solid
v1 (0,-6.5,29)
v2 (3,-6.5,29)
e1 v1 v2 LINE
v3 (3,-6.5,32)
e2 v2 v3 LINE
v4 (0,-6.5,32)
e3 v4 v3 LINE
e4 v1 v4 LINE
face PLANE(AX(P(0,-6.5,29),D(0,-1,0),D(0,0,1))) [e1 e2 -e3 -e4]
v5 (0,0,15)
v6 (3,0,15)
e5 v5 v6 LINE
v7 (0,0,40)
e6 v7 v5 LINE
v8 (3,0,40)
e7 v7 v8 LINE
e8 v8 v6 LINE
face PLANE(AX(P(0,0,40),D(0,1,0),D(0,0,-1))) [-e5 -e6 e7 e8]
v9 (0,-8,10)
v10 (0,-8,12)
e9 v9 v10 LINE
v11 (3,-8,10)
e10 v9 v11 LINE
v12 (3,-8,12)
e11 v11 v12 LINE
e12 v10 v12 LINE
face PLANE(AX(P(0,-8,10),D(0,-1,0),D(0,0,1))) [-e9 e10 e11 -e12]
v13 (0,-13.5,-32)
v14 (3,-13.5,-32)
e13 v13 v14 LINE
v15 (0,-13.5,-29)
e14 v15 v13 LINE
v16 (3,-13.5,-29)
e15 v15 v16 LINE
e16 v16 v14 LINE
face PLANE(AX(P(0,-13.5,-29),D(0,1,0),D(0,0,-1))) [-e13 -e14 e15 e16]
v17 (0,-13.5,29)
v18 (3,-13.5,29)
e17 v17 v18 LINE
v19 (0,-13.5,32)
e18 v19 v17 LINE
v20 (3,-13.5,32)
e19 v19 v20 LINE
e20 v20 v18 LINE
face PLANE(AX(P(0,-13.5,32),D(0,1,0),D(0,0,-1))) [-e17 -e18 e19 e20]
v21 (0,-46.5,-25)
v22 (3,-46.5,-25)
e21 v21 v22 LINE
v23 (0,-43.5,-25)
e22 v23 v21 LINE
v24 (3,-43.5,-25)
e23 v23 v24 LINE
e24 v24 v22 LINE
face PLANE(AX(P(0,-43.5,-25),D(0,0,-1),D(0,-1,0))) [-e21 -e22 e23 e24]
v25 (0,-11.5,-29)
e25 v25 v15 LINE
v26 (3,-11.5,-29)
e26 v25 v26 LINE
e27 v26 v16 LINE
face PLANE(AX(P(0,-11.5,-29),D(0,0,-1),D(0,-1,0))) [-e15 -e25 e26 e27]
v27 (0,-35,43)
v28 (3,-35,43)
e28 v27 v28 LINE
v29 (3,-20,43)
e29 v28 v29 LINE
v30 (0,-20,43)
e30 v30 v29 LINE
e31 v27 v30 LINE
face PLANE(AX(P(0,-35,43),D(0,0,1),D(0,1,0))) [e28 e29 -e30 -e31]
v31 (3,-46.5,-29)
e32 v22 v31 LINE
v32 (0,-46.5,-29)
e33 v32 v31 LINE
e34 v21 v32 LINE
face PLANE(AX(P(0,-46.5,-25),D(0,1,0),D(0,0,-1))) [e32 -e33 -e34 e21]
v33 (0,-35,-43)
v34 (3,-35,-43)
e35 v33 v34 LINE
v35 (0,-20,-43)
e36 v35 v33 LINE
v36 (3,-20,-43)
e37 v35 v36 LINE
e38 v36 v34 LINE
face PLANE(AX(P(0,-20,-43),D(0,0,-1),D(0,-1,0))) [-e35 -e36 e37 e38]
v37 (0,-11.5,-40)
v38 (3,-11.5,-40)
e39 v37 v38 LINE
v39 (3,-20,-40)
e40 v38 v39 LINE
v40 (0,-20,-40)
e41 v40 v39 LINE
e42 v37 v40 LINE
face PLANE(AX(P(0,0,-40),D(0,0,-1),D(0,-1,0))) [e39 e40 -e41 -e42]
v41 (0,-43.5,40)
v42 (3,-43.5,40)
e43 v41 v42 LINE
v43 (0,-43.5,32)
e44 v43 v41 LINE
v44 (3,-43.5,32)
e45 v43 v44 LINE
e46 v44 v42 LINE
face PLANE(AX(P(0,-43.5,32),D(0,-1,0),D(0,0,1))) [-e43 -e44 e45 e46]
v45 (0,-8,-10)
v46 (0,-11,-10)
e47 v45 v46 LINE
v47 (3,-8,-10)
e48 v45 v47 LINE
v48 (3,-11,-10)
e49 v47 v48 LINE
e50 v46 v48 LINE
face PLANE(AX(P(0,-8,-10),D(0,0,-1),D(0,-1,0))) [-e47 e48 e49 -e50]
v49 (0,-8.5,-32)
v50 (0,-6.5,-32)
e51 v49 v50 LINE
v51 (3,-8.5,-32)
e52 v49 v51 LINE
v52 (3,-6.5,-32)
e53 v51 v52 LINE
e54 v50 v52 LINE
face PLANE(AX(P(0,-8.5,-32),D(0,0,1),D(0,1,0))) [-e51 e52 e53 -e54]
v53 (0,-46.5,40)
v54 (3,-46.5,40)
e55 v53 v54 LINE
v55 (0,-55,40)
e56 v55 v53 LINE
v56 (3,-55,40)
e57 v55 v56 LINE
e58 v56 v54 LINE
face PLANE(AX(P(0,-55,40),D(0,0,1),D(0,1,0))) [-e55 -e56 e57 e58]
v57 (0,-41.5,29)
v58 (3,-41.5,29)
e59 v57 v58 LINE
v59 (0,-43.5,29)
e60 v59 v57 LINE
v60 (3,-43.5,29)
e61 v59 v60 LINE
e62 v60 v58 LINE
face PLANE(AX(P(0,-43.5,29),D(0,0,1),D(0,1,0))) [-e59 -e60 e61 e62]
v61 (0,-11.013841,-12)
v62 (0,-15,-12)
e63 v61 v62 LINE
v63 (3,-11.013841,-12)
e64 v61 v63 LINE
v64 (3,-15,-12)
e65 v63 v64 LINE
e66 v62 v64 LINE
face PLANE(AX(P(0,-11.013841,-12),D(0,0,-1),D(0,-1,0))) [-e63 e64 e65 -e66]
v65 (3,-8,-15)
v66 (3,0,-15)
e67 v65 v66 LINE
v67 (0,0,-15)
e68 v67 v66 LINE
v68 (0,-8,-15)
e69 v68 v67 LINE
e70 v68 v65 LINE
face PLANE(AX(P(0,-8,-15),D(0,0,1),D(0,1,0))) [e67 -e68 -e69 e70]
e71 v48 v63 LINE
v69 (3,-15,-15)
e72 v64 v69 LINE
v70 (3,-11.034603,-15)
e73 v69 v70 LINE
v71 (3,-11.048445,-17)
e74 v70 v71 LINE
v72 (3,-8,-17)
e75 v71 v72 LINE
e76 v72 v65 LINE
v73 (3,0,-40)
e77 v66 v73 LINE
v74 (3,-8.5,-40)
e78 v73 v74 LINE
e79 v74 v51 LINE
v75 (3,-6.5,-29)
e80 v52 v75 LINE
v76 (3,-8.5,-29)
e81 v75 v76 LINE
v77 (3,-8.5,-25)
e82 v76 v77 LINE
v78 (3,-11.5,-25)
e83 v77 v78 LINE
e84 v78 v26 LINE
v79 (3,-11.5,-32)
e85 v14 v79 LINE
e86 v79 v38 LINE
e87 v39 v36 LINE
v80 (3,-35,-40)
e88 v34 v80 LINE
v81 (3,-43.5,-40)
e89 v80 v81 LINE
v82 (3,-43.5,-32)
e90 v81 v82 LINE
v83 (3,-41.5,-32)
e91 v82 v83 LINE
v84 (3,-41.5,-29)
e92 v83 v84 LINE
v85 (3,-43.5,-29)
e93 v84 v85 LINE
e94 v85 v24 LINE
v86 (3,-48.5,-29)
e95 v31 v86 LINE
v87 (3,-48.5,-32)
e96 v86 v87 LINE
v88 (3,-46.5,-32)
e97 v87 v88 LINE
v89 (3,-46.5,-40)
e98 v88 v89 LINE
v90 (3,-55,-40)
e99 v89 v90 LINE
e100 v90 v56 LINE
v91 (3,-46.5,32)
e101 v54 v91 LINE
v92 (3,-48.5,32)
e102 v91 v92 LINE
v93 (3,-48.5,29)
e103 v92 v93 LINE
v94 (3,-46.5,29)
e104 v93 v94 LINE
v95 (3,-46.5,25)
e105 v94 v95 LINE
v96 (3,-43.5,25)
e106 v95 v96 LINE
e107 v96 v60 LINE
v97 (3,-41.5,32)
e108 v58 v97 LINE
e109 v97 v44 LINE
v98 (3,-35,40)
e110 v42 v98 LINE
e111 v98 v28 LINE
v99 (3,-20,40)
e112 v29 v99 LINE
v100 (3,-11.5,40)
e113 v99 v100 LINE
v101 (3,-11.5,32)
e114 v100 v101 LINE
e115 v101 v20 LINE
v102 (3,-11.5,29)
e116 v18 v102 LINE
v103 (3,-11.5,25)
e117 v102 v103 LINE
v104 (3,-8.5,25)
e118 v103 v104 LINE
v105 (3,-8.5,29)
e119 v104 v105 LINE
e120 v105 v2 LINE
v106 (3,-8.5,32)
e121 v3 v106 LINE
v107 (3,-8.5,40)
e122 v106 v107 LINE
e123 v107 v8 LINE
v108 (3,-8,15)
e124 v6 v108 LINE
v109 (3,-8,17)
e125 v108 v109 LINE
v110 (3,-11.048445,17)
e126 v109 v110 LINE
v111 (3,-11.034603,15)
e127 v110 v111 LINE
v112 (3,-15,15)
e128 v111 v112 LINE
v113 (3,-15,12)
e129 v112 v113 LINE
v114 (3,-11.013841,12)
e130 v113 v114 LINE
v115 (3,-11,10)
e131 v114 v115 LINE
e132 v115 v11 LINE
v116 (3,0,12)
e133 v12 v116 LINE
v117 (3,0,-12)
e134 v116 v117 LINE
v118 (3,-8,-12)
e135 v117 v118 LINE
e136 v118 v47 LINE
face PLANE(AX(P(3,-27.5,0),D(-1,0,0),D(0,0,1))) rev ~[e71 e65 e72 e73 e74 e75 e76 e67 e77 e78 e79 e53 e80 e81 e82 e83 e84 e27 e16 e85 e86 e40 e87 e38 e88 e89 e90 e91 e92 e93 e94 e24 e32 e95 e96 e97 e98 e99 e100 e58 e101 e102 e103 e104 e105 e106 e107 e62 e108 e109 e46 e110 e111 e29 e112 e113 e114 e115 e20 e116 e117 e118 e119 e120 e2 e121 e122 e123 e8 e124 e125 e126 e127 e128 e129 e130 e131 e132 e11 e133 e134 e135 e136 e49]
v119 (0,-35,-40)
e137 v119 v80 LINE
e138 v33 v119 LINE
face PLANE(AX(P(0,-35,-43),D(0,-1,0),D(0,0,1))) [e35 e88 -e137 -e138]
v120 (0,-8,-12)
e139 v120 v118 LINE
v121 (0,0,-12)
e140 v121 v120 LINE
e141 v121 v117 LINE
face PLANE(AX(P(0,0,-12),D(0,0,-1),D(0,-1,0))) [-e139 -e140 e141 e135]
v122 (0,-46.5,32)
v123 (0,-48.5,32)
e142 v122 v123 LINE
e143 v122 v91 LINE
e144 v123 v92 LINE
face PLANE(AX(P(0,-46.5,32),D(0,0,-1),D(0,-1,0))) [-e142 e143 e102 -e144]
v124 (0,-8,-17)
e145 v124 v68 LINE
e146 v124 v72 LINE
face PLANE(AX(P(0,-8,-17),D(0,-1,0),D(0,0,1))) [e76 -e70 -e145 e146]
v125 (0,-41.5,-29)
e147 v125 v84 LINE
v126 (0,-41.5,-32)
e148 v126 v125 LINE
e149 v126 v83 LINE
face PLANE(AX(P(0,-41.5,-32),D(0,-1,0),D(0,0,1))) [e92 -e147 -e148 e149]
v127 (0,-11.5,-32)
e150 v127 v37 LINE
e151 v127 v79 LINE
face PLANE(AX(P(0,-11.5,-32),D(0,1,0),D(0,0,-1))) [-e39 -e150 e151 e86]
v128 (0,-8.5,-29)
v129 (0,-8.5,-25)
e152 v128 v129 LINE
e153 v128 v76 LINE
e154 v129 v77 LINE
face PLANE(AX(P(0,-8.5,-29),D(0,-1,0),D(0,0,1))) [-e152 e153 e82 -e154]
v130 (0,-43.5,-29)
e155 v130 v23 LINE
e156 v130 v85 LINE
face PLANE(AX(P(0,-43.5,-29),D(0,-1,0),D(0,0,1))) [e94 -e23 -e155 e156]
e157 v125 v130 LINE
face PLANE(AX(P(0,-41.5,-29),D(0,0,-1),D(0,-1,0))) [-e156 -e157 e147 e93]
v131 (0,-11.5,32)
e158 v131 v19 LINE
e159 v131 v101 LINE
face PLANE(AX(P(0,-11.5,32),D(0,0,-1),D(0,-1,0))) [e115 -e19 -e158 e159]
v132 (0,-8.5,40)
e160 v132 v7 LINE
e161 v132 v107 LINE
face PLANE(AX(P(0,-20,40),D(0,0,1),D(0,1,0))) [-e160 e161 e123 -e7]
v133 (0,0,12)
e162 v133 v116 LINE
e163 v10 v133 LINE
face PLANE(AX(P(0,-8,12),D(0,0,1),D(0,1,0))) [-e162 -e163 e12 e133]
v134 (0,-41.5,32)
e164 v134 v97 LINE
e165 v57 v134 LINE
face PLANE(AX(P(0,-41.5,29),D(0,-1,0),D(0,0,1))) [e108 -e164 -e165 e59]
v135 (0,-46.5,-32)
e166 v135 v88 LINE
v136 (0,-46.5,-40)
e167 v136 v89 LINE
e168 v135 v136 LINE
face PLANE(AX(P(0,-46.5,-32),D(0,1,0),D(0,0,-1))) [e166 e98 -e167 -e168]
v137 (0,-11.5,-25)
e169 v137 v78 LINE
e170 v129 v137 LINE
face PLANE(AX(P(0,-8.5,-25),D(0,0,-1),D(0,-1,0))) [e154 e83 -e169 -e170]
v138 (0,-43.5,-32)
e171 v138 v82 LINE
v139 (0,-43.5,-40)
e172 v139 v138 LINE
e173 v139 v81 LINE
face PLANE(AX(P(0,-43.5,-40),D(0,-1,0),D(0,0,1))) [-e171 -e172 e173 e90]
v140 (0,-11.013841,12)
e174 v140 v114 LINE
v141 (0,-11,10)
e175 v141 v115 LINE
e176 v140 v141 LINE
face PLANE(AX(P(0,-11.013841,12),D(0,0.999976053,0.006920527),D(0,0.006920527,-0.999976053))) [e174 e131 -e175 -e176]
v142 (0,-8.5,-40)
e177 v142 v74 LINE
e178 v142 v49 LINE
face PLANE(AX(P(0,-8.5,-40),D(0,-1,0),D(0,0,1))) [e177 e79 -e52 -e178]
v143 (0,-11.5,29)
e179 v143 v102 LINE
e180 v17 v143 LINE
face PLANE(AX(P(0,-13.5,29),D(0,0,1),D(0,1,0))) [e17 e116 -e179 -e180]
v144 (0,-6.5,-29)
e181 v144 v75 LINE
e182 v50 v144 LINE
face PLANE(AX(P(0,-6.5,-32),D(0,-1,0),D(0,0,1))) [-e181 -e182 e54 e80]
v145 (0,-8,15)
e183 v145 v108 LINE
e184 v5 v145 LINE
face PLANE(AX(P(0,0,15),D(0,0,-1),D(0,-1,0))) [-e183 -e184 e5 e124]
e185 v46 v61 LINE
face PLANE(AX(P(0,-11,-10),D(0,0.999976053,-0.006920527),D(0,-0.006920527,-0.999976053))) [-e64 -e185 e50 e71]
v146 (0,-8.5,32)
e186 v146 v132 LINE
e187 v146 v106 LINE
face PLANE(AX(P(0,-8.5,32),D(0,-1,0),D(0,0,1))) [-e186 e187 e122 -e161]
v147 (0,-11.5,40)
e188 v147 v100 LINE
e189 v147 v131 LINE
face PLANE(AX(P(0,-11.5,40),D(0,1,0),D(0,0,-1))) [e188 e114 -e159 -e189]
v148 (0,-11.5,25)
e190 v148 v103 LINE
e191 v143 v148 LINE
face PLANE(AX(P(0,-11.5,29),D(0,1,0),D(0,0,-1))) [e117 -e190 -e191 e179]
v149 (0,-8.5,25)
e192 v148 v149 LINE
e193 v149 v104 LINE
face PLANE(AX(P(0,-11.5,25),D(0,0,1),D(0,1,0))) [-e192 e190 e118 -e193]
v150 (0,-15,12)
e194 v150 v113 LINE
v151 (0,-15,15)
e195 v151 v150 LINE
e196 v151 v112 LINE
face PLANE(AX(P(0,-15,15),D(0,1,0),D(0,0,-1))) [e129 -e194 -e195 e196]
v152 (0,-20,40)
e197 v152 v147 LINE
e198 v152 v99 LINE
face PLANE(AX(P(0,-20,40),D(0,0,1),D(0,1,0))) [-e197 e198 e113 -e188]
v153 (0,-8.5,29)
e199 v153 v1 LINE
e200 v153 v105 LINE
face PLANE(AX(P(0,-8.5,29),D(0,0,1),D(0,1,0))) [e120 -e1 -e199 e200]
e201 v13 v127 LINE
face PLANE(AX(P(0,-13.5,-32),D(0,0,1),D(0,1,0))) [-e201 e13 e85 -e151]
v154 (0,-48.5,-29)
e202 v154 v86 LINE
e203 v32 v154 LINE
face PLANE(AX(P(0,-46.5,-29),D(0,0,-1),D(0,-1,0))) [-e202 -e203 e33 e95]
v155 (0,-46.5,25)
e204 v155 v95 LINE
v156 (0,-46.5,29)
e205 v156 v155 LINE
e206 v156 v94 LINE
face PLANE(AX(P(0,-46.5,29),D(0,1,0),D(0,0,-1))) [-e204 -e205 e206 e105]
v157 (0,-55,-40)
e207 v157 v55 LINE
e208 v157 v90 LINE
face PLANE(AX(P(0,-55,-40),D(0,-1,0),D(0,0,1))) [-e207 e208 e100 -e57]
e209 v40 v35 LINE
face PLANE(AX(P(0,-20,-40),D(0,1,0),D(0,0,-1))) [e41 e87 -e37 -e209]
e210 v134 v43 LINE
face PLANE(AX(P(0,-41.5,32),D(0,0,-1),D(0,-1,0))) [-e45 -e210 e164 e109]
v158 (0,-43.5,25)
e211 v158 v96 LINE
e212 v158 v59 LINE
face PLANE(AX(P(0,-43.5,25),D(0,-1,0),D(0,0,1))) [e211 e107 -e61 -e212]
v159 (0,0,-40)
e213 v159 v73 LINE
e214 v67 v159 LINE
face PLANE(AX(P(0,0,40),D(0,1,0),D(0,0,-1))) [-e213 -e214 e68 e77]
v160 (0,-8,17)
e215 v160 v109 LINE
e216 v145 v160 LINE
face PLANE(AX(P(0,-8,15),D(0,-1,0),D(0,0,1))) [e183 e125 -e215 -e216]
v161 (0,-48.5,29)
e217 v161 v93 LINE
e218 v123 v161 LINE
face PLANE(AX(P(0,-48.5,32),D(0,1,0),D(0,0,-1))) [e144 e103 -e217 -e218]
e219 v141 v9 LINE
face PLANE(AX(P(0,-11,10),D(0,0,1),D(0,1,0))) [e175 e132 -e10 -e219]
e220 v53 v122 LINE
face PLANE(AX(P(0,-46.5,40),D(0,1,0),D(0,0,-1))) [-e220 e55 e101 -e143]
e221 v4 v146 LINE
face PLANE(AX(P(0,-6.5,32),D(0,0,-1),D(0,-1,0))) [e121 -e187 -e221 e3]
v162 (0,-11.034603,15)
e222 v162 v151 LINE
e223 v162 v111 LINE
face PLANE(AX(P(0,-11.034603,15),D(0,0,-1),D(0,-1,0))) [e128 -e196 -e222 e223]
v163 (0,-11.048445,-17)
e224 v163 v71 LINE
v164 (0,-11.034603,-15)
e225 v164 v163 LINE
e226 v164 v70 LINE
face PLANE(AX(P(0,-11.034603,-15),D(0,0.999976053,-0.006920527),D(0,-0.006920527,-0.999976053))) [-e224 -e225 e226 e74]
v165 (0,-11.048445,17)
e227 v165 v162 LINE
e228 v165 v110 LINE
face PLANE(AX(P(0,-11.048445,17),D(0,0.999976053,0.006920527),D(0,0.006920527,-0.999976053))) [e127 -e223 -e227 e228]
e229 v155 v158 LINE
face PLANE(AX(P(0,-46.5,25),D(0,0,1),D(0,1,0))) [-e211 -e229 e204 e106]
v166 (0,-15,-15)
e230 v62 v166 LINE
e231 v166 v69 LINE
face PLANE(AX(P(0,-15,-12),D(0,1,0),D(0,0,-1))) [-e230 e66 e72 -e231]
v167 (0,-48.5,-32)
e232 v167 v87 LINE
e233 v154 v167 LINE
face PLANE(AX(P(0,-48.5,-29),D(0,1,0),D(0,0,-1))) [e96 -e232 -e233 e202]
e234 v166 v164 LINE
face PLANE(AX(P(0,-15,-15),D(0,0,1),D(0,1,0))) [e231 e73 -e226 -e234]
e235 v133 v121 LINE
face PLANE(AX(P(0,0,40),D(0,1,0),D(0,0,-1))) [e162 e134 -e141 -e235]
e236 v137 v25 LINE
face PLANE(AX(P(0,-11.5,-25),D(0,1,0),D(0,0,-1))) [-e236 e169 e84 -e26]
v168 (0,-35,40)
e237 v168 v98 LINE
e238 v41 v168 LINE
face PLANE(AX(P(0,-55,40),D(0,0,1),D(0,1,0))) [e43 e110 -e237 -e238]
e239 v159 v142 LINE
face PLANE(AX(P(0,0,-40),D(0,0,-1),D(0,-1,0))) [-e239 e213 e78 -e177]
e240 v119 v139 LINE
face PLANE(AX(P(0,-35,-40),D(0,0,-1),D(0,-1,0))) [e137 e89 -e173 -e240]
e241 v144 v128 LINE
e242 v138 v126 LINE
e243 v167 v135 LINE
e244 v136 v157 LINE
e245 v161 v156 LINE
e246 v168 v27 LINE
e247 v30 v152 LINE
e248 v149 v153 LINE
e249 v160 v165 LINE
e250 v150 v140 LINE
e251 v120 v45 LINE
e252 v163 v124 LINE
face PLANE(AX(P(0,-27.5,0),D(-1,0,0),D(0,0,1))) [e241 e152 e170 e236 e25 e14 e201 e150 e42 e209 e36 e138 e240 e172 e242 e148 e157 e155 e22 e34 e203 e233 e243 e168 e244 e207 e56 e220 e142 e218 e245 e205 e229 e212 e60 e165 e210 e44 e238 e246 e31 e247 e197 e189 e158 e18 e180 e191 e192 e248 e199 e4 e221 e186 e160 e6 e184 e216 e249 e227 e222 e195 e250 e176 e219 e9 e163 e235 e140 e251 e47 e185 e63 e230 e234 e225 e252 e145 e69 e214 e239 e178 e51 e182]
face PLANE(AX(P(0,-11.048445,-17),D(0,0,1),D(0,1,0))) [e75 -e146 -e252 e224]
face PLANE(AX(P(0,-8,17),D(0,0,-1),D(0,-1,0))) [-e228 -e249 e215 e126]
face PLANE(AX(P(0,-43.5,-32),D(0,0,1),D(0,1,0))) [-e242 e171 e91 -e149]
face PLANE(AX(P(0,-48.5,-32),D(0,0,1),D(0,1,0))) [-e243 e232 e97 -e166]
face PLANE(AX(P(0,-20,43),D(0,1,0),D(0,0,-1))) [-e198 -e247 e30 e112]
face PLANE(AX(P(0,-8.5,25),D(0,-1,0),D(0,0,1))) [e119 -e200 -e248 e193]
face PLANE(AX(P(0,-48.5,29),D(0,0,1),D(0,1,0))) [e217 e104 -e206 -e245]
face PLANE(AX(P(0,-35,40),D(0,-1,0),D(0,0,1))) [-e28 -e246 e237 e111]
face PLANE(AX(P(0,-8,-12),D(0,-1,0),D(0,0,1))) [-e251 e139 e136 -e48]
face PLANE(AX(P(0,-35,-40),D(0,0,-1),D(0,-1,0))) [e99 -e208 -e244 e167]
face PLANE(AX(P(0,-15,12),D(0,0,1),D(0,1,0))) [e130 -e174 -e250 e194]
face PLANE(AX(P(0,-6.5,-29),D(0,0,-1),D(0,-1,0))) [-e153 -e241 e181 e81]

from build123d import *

# Parameters (mm, degrees)
SALIENTE_EXTRUIR1_DEPTH = 3
CORTAR_EXTRUIR1_DEPTH   = 10


with BuildPart() as part:
    # Croquis1 → Saliente-Extruir1 (new body)
    with BuildSketch(Plane(origin=(0, 0, 0), x_dir=(0, 0, -1), z_dir=(1, 0, 0))):
        Polygon((-40, 0), (40, 0), (40, -20), (43, -20), (43, -35), (40, -35), (40, -55), (-40, -55), (-40, -35), (-43, -35), (-43, -20), (-40, -20), align=None)
    extrude(amount=SALIENTE_EXTRUIR1_DEPTH)

    # Croquis2 → Cortar-Extruir1 (cut)
    with BuildSketch(Plane.ZY):
        Polygon((-40, -8.5), (-32, -8.5), (-32, -6.5), (-29, -6.5), (-29, -8.5), (-25, -8.5), (-25, -11.5), (-29, -11.5), (-29, -13.5), (-32, -13.5), (-32, -11.5), (-40, -11.5), align=None)
        Polygon((29, -11.5), (25, -11.5), (25, -8.5), (29, -8.5), (29, -6.5), (32, -6.5), (32, -8.5), (40, -8.5), (40, -11.5), (32, -11.5), (32, -13.5), (29, -13.5), align=None)
        Polygon((-12, 0), (-12, -8), (-10, -8), (-10, -11), (-12, -11.013841386), (-12, -15), (-15, -15), (-15, -11.034603466), (-17, -11.048444852), (-17, -8), (-15, -8), (-15, 0), align=None)
        Polygon((15, -11.034603466), (15, -15), (12, -15), (12, -11.013841386), (10, -11), (10, -8), (12, -8), (12, 0), (15, 0), (15, -8), (17, -8), (17, -11.048444852), align=None)
        Polygon((40, -46.5), (32, -46.5), (32, -48.5), (29, -48.5), (29, -46.5), (25, -46.5), (25, -43.5), (29, -43.5), (29, -41.5), (32, -41.5), (32, -43.5), (40, -43.5), align=None)
        Polygon((-29, -43.5), (-25, -43.5), (-25, -46.5), (-29, -46.5), (-29, -48.5), (-32, -48.5), (-32, -46.5), (-40, -46.5), (-40, -43.5), (-32, -43.5), (-32, -41.5), (-29, -41.5), align=None)
    extrude(amount=-CORTAR_EXTRUIR1_DEPTH, mode=Mode.SUBTRACT)


solid = part.part
